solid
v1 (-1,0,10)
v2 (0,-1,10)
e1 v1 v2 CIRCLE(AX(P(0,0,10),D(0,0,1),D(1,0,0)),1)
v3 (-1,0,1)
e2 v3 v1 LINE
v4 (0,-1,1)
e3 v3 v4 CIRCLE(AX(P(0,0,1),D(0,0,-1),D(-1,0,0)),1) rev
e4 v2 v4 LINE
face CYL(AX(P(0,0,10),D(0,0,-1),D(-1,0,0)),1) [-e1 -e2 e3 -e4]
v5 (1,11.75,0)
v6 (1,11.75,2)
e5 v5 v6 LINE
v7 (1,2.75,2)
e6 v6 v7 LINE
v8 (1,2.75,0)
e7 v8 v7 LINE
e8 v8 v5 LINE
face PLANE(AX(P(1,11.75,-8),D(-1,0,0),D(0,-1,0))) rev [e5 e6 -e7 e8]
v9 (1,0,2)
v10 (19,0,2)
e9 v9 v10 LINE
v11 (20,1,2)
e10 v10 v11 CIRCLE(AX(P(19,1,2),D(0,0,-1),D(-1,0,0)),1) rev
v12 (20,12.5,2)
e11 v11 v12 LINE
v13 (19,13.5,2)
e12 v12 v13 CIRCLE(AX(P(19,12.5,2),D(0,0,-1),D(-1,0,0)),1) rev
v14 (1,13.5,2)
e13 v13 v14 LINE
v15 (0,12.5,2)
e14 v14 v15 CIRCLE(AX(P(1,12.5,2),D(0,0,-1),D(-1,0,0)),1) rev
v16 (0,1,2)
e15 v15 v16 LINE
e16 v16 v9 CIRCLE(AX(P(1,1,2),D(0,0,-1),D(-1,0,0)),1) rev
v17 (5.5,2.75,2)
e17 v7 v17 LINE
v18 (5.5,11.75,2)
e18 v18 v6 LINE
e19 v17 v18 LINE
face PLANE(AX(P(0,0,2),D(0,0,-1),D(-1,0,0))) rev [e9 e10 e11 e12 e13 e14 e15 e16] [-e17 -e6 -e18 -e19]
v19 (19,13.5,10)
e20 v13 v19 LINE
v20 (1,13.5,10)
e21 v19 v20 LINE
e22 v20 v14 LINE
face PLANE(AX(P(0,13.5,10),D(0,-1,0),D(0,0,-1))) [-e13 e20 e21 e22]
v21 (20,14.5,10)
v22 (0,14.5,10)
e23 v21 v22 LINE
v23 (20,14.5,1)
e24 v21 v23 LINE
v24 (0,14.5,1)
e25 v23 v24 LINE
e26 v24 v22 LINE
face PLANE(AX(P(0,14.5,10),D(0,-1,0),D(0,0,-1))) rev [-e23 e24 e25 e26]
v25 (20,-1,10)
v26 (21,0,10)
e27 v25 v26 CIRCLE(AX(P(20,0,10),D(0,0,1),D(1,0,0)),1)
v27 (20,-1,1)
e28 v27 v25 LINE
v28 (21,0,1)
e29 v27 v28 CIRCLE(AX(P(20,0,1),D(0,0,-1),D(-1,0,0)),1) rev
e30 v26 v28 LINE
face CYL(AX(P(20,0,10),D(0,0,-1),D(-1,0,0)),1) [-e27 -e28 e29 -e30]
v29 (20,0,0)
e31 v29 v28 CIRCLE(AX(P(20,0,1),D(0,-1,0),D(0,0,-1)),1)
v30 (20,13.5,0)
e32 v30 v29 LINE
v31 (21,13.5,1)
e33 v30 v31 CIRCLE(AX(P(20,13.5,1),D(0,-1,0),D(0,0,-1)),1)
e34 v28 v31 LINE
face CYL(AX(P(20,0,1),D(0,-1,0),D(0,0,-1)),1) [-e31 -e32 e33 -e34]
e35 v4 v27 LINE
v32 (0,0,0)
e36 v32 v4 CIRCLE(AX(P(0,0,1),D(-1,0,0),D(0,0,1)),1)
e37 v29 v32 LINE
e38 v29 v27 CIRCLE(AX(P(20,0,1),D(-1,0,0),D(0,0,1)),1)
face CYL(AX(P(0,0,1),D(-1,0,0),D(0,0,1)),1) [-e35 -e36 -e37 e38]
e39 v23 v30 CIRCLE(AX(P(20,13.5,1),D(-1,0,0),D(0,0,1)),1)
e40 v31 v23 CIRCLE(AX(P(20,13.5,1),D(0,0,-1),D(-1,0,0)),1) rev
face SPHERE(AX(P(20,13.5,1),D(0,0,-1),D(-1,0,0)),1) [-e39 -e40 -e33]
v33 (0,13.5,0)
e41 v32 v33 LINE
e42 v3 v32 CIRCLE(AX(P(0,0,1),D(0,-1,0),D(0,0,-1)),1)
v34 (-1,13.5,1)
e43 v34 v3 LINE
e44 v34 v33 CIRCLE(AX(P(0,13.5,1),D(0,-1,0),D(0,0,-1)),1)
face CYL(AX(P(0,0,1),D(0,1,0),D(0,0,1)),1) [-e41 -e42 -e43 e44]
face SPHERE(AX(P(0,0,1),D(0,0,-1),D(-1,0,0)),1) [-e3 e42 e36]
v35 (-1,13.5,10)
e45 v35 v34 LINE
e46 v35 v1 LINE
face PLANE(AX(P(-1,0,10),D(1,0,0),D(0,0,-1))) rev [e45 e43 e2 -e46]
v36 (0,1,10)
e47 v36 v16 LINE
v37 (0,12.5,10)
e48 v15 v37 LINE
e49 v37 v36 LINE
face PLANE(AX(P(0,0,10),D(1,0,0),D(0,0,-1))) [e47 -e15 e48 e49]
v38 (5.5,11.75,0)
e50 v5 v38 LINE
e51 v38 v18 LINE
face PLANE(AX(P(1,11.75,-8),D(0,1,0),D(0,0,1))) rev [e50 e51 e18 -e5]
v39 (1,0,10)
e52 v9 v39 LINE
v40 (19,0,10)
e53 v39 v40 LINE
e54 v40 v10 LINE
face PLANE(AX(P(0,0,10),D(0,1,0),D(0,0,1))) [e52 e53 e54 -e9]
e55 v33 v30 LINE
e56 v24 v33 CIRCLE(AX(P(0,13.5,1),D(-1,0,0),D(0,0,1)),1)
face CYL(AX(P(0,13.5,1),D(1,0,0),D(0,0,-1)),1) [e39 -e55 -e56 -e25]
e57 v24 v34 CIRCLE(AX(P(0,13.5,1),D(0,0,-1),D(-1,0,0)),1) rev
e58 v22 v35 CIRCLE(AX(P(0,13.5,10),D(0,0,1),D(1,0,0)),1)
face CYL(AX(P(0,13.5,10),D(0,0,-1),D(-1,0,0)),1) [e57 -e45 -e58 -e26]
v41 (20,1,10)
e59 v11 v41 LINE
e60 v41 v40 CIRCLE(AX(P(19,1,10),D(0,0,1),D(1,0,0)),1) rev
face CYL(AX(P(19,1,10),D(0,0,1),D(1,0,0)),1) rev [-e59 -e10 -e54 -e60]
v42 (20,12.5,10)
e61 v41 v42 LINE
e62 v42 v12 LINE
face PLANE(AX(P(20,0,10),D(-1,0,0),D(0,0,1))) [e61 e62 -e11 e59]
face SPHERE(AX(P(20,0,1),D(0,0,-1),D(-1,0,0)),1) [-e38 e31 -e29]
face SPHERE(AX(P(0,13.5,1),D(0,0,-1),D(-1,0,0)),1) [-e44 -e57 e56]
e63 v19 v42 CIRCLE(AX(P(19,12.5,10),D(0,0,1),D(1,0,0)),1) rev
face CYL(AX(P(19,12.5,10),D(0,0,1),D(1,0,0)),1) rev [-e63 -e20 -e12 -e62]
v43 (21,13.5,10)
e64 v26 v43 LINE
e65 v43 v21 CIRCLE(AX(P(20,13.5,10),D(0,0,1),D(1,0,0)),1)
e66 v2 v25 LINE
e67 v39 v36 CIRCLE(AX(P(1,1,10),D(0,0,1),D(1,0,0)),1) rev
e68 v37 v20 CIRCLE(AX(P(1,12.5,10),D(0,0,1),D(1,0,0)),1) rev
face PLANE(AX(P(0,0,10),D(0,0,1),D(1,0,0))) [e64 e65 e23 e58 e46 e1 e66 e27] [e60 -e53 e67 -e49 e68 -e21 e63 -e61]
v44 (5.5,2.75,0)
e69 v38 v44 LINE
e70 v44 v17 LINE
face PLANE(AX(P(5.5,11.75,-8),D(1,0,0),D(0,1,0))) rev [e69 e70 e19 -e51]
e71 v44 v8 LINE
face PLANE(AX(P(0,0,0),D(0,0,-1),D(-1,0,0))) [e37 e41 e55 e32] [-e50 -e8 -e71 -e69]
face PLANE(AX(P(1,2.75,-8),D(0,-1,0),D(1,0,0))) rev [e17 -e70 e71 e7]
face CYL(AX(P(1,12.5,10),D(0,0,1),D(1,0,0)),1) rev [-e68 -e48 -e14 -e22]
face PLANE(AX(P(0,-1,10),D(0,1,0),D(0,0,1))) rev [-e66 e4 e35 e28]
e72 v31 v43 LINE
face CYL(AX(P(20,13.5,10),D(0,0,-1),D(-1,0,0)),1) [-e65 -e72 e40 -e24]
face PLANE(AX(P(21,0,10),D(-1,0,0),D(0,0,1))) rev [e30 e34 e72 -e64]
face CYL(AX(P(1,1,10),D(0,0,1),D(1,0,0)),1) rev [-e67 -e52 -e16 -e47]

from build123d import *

# Parameters (mm, degrees)
ESQUISSE1_W             = 20
ESQUISSE1_H             = 13.5
BOSS_EXTRU_1_DEPTH      = 2
ESQUISSE1_2_W           = 22
ESQUISSE1_2_H           = 15.5
ESQUISSE1_2_W_2         = 20
ESQUISSE1_2_H_2         = 13.5
EXTRU_MINCE1_DEPTH      = 10
ESQUISSE2_W             = 4.5
ESQUISSE2_H             = 9
ENL_V_MAT_EXTRU_1_DEPTH = 10
CONG_1_R                = 1
CONG_2_R                = 1


with BuildPart() as part:
    # Esquisse1 → Boss.-Extru.1 (new body)
    with BuildSketch(Plane.XY):
        with Locations((10, 6.75)):
            Rectangle(ESQUISSE1_W, ESQUISSE1_H)
    extrude(amount=BOSS_EXTRU_1_DEPTH)

    # Esquisse1<2> → Extru.-Mince1 (add)
    with BuildSketch(Plane.XY):
        with Locations((10, 6.75)):
            Rectangle(ESQUISSE1_2_W, ESQUISSE1_2_H)
        with Locations((10, 6.75)):
            Rectangle(ESQUISSE1_2_W_2, ESQUISSE1_2_H_2, mode=Mode.SUBTRACT)
    extrude(amount=EXTRU_MINCE1_DEPTH)

    # Esquisse2 → Enlèv. mat.-Extru.1 (cut)
    with BuildSketch(Plane.XY.offset(2)):
        with Locations((3.25, 7.25)):
            Rectangle(ESQUISSE2_W, ESQUISSE2_H)
    extrude(amount=-ENL_V_MAT_EXTRU_1_DEPTH, mode=Mode.SUBTRACT)

    # Congé1
    cong_1_edges = [part.edges().sort_by_distance(p)[0] for p in [
        (0, 0, 6),
        (20, 0, 6),
        (20, 13.5, 6),
        (0, 13.5, 6),
        (-1, 14.5, 5),
        (-1, -1, 5),
        (21, -1, 5),
        (21, 14.5, 5),
    ]]
    fillet(cong_1_edges, radius=CONG_1_R)

    # Congé2
    cong_2_edges = [part.edges().sort_by_distance(p)[0] for p in [
        (10, -1, 0),
        (-1, 6.75, 0),
        (10, 14.5, 0),
        (21, 6.75, 0),
        (20.707106781, 14.207106781, 0),
        (20.707106781, -0.707106781, 0),
        (-0.707106781, 14.207106781, 0),
        (-0.7071067811865479, -0.7071067811865458, 0),
    ]]
    fillet(cong_2_edges, radius=CONG_2_R)


solid = part.part
